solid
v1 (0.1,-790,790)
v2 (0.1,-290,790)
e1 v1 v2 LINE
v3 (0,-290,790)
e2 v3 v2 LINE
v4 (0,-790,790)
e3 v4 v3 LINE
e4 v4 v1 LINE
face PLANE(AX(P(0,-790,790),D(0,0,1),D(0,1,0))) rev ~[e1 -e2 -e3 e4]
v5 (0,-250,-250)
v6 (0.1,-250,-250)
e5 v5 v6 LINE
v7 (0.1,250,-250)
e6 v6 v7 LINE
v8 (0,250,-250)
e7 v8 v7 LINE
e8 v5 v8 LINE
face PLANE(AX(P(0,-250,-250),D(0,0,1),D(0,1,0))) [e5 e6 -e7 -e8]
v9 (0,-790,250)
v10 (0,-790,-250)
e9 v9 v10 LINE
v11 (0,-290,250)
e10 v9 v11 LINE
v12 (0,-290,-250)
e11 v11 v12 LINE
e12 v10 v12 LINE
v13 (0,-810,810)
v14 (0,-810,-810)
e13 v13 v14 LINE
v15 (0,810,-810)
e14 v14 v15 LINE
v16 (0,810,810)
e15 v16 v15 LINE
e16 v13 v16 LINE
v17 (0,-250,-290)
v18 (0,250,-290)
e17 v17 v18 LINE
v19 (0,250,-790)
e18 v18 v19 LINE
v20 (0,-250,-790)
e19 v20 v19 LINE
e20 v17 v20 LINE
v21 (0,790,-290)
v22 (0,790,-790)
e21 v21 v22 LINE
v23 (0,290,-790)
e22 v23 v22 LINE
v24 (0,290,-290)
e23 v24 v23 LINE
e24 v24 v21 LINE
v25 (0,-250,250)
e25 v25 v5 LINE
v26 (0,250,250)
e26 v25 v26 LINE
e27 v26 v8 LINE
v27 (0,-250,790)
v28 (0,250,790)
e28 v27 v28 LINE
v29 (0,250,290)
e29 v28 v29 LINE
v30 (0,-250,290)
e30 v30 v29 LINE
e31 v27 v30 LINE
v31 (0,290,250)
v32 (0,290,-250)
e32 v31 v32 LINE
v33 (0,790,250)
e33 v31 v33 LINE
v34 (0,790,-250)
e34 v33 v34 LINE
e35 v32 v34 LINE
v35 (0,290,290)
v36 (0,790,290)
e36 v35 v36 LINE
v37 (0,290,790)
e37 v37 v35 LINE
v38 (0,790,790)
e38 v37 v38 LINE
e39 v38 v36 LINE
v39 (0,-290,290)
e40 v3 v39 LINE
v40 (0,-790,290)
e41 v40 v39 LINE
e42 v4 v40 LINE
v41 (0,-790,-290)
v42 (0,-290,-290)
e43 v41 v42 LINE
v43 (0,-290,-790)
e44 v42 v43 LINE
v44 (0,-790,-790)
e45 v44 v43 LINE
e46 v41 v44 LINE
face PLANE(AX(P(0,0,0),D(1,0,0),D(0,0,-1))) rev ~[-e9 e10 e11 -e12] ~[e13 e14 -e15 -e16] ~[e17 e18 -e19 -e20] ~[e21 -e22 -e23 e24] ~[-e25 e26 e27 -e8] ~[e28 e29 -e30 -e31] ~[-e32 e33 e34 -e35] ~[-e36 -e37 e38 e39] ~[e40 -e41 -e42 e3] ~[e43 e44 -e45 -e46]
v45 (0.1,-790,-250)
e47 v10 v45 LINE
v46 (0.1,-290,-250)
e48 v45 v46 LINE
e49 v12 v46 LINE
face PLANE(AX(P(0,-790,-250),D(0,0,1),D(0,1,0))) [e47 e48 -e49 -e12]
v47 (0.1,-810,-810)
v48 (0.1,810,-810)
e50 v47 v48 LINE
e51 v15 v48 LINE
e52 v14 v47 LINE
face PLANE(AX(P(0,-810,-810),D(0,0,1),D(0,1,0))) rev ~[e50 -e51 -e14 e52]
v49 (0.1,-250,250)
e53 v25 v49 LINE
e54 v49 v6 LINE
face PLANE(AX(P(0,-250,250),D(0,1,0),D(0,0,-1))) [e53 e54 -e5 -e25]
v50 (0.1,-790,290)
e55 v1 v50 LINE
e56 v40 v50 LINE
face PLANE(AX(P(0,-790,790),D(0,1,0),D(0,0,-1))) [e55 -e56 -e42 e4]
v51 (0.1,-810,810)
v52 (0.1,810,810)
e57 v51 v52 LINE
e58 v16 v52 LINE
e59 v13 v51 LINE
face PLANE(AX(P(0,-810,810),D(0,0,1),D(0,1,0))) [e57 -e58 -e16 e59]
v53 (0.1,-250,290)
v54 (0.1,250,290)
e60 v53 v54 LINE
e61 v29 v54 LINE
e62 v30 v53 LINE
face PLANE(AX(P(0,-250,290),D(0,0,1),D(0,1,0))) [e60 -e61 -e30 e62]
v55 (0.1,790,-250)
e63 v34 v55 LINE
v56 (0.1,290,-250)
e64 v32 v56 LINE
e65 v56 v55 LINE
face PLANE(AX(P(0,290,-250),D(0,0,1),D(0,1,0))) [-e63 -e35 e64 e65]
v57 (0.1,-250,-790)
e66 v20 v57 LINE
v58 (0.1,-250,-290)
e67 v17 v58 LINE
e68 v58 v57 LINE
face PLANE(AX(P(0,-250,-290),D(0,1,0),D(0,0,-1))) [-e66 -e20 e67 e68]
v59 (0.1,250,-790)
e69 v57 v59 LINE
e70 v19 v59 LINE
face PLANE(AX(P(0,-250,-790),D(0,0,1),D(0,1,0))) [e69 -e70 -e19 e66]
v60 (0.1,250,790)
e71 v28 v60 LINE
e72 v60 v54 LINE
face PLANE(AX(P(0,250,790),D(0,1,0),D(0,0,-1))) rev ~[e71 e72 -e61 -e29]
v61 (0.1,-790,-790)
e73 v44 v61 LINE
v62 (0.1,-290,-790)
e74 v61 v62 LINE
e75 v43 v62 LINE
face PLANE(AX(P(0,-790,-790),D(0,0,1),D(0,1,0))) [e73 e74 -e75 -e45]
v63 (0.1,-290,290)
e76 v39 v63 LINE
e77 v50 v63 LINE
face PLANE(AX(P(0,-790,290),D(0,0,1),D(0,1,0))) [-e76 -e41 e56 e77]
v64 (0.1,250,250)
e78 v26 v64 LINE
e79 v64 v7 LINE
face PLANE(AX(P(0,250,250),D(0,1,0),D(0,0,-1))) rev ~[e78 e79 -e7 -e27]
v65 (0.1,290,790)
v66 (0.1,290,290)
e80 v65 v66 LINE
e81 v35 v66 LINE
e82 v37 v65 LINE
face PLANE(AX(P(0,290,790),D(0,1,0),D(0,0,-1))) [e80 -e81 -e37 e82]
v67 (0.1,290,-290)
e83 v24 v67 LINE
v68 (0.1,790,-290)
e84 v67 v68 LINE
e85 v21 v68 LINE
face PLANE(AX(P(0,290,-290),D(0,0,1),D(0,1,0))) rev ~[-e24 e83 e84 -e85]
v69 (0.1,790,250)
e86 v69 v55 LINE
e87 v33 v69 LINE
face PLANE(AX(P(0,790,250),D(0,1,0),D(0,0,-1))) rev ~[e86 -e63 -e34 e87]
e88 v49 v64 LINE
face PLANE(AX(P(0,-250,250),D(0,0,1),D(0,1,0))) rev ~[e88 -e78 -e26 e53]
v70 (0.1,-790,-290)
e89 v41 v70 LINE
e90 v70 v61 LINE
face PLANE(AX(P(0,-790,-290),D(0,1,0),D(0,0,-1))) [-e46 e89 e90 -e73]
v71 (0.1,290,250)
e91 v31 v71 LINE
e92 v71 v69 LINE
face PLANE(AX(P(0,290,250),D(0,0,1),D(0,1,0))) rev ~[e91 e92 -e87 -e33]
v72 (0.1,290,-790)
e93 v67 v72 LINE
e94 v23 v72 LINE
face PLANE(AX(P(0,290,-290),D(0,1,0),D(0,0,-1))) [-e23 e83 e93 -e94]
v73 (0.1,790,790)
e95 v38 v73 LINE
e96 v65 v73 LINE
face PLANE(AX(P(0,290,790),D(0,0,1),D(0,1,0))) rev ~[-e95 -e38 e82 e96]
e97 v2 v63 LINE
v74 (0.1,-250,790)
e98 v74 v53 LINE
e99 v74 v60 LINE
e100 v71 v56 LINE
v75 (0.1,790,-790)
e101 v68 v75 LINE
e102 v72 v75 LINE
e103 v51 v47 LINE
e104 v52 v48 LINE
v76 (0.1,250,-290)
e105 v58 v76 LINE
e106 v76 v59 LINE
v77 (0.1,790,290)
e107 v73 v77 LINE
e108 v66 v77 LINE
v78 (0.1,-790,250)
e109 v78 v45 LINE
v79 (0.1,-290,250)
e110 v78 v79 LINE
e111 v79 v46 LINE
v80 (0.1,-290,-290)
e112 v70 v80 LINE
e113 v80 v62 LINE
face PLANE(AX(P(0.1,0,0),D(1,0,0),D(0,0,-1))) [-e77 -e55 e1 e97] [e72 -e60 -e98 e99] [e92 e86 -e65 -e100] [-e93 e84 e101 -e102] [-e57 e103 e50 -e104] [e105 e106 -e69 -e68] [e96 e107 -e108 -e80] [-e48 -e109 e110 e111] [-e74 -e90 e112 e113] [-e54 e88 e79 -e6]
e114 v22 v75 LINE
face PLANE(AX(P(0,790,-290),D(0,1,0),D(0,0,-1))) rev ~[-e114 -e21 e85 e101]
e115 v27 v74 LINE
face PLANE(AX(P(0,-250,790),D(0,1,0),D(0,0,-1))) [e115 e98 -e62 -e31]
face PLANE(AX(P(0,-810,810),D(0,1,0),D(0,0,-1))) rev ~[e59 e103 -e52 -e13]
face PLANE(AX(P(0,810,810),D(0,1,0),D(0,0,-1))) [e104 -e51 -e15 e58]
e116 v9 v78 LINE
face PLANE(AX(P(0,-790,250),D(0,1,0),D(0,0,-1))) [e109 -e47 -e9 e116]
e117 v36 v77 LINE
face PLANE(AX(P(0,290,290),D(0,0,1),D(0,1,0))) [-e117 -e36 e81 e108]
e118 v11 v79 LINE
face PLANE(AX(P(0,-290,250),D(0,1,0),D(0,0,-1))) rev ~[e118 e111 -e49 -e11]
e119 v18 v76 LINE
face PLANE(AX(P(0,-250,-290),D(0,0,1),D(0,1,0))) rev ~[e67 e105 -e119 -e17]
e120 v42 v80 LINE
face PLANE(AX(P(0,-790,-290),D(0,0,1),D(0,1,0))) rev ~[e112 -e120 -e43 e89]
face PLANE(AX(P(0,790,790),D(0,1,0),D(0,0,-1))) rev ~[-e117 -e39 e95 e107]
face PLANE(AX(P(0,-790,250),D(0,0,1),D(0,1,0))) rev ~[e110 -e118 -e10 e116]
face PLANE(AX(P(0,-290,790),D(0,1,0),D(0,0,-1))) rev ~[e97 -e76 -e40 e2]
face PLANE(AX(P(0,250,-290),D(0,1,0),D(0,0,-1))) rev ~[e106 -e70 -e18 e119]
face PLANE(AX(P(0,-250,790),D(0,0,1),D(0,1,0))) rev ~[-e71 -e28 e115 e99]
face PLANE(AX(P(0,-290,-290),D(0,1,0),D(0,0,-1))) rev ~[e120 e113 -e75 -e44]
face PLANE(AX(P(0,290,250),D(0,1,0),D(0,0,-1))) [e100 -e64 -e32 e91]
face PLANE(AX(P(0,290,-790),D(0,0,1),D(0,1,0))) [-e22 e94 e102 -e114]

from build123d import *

# Parameters (mm, degrees)
SKETCH_1_W      = 1620
SKETCH_1_H      = 1620
SKETCH_1_W_2    = 500
SKETCH_1_H_2    = 500
EXTRUDE_1_DEPTH = 0.1


with BuildPart() as part:
    # 草图1 → 凸台-拉伸1 (new body)
    with BuildSketch(Plane(origin=(0, 0, 0), x_dir=(0, 0, -1), z_dir=(1, 0, 0))):
        Rectangle(SKETCH_1_W, SKETCH_1_H)
        with Locations((-540, 540)):
            Rectangle(SKETCH_1_W_2, SKETCH_1_H_2, mode=Mode.SUBTRACT)
        with Locations((0, 540)):
            Rectangle(SKETCH_1_W_2, SKETCH_1_H_2, mode=Mode.SUBTRACT)
        with Locations((540, 540)):
            Rectangle(SKETCH_1_W_2, SKETCH_1_H_2, mode=Mode.SUBTRACT)
        with Locations((540, 0)):
            Rectangle(SKETCH_1_W_2, SKETCH_1_H_2, mode=Mode.SUBTRACT)
        Rectangle(SKETCH_1_W_2, SKETCH_1_H_2, mode=Mode.SUBTRACT)
        with Locations((-540, 0)):
            Rectangle(SKETCH_1_W_2, SKETCH_1_H_2, mode=Mode.SUBTRACT)
        with Locations((-540, -540)):
            Rectangle(SKETCH_1_W_2, SKETCH_1_H_2, mode=Mode.SUBTRACT)
        with Locations((0, -540)):
            Rectangle(SKETCH_1_W_2, SKETCH_1_H_2, mode=Mode.SUBTRACT)
        with Locations((540, -540)):
            Rectangle(SKETCH_1_W_2, SKETCH_1_H_2, mode=Mode.SUBTRACT)
    extrude(amount=EXTRUDE_1_DEPTH)


solid = part.part
